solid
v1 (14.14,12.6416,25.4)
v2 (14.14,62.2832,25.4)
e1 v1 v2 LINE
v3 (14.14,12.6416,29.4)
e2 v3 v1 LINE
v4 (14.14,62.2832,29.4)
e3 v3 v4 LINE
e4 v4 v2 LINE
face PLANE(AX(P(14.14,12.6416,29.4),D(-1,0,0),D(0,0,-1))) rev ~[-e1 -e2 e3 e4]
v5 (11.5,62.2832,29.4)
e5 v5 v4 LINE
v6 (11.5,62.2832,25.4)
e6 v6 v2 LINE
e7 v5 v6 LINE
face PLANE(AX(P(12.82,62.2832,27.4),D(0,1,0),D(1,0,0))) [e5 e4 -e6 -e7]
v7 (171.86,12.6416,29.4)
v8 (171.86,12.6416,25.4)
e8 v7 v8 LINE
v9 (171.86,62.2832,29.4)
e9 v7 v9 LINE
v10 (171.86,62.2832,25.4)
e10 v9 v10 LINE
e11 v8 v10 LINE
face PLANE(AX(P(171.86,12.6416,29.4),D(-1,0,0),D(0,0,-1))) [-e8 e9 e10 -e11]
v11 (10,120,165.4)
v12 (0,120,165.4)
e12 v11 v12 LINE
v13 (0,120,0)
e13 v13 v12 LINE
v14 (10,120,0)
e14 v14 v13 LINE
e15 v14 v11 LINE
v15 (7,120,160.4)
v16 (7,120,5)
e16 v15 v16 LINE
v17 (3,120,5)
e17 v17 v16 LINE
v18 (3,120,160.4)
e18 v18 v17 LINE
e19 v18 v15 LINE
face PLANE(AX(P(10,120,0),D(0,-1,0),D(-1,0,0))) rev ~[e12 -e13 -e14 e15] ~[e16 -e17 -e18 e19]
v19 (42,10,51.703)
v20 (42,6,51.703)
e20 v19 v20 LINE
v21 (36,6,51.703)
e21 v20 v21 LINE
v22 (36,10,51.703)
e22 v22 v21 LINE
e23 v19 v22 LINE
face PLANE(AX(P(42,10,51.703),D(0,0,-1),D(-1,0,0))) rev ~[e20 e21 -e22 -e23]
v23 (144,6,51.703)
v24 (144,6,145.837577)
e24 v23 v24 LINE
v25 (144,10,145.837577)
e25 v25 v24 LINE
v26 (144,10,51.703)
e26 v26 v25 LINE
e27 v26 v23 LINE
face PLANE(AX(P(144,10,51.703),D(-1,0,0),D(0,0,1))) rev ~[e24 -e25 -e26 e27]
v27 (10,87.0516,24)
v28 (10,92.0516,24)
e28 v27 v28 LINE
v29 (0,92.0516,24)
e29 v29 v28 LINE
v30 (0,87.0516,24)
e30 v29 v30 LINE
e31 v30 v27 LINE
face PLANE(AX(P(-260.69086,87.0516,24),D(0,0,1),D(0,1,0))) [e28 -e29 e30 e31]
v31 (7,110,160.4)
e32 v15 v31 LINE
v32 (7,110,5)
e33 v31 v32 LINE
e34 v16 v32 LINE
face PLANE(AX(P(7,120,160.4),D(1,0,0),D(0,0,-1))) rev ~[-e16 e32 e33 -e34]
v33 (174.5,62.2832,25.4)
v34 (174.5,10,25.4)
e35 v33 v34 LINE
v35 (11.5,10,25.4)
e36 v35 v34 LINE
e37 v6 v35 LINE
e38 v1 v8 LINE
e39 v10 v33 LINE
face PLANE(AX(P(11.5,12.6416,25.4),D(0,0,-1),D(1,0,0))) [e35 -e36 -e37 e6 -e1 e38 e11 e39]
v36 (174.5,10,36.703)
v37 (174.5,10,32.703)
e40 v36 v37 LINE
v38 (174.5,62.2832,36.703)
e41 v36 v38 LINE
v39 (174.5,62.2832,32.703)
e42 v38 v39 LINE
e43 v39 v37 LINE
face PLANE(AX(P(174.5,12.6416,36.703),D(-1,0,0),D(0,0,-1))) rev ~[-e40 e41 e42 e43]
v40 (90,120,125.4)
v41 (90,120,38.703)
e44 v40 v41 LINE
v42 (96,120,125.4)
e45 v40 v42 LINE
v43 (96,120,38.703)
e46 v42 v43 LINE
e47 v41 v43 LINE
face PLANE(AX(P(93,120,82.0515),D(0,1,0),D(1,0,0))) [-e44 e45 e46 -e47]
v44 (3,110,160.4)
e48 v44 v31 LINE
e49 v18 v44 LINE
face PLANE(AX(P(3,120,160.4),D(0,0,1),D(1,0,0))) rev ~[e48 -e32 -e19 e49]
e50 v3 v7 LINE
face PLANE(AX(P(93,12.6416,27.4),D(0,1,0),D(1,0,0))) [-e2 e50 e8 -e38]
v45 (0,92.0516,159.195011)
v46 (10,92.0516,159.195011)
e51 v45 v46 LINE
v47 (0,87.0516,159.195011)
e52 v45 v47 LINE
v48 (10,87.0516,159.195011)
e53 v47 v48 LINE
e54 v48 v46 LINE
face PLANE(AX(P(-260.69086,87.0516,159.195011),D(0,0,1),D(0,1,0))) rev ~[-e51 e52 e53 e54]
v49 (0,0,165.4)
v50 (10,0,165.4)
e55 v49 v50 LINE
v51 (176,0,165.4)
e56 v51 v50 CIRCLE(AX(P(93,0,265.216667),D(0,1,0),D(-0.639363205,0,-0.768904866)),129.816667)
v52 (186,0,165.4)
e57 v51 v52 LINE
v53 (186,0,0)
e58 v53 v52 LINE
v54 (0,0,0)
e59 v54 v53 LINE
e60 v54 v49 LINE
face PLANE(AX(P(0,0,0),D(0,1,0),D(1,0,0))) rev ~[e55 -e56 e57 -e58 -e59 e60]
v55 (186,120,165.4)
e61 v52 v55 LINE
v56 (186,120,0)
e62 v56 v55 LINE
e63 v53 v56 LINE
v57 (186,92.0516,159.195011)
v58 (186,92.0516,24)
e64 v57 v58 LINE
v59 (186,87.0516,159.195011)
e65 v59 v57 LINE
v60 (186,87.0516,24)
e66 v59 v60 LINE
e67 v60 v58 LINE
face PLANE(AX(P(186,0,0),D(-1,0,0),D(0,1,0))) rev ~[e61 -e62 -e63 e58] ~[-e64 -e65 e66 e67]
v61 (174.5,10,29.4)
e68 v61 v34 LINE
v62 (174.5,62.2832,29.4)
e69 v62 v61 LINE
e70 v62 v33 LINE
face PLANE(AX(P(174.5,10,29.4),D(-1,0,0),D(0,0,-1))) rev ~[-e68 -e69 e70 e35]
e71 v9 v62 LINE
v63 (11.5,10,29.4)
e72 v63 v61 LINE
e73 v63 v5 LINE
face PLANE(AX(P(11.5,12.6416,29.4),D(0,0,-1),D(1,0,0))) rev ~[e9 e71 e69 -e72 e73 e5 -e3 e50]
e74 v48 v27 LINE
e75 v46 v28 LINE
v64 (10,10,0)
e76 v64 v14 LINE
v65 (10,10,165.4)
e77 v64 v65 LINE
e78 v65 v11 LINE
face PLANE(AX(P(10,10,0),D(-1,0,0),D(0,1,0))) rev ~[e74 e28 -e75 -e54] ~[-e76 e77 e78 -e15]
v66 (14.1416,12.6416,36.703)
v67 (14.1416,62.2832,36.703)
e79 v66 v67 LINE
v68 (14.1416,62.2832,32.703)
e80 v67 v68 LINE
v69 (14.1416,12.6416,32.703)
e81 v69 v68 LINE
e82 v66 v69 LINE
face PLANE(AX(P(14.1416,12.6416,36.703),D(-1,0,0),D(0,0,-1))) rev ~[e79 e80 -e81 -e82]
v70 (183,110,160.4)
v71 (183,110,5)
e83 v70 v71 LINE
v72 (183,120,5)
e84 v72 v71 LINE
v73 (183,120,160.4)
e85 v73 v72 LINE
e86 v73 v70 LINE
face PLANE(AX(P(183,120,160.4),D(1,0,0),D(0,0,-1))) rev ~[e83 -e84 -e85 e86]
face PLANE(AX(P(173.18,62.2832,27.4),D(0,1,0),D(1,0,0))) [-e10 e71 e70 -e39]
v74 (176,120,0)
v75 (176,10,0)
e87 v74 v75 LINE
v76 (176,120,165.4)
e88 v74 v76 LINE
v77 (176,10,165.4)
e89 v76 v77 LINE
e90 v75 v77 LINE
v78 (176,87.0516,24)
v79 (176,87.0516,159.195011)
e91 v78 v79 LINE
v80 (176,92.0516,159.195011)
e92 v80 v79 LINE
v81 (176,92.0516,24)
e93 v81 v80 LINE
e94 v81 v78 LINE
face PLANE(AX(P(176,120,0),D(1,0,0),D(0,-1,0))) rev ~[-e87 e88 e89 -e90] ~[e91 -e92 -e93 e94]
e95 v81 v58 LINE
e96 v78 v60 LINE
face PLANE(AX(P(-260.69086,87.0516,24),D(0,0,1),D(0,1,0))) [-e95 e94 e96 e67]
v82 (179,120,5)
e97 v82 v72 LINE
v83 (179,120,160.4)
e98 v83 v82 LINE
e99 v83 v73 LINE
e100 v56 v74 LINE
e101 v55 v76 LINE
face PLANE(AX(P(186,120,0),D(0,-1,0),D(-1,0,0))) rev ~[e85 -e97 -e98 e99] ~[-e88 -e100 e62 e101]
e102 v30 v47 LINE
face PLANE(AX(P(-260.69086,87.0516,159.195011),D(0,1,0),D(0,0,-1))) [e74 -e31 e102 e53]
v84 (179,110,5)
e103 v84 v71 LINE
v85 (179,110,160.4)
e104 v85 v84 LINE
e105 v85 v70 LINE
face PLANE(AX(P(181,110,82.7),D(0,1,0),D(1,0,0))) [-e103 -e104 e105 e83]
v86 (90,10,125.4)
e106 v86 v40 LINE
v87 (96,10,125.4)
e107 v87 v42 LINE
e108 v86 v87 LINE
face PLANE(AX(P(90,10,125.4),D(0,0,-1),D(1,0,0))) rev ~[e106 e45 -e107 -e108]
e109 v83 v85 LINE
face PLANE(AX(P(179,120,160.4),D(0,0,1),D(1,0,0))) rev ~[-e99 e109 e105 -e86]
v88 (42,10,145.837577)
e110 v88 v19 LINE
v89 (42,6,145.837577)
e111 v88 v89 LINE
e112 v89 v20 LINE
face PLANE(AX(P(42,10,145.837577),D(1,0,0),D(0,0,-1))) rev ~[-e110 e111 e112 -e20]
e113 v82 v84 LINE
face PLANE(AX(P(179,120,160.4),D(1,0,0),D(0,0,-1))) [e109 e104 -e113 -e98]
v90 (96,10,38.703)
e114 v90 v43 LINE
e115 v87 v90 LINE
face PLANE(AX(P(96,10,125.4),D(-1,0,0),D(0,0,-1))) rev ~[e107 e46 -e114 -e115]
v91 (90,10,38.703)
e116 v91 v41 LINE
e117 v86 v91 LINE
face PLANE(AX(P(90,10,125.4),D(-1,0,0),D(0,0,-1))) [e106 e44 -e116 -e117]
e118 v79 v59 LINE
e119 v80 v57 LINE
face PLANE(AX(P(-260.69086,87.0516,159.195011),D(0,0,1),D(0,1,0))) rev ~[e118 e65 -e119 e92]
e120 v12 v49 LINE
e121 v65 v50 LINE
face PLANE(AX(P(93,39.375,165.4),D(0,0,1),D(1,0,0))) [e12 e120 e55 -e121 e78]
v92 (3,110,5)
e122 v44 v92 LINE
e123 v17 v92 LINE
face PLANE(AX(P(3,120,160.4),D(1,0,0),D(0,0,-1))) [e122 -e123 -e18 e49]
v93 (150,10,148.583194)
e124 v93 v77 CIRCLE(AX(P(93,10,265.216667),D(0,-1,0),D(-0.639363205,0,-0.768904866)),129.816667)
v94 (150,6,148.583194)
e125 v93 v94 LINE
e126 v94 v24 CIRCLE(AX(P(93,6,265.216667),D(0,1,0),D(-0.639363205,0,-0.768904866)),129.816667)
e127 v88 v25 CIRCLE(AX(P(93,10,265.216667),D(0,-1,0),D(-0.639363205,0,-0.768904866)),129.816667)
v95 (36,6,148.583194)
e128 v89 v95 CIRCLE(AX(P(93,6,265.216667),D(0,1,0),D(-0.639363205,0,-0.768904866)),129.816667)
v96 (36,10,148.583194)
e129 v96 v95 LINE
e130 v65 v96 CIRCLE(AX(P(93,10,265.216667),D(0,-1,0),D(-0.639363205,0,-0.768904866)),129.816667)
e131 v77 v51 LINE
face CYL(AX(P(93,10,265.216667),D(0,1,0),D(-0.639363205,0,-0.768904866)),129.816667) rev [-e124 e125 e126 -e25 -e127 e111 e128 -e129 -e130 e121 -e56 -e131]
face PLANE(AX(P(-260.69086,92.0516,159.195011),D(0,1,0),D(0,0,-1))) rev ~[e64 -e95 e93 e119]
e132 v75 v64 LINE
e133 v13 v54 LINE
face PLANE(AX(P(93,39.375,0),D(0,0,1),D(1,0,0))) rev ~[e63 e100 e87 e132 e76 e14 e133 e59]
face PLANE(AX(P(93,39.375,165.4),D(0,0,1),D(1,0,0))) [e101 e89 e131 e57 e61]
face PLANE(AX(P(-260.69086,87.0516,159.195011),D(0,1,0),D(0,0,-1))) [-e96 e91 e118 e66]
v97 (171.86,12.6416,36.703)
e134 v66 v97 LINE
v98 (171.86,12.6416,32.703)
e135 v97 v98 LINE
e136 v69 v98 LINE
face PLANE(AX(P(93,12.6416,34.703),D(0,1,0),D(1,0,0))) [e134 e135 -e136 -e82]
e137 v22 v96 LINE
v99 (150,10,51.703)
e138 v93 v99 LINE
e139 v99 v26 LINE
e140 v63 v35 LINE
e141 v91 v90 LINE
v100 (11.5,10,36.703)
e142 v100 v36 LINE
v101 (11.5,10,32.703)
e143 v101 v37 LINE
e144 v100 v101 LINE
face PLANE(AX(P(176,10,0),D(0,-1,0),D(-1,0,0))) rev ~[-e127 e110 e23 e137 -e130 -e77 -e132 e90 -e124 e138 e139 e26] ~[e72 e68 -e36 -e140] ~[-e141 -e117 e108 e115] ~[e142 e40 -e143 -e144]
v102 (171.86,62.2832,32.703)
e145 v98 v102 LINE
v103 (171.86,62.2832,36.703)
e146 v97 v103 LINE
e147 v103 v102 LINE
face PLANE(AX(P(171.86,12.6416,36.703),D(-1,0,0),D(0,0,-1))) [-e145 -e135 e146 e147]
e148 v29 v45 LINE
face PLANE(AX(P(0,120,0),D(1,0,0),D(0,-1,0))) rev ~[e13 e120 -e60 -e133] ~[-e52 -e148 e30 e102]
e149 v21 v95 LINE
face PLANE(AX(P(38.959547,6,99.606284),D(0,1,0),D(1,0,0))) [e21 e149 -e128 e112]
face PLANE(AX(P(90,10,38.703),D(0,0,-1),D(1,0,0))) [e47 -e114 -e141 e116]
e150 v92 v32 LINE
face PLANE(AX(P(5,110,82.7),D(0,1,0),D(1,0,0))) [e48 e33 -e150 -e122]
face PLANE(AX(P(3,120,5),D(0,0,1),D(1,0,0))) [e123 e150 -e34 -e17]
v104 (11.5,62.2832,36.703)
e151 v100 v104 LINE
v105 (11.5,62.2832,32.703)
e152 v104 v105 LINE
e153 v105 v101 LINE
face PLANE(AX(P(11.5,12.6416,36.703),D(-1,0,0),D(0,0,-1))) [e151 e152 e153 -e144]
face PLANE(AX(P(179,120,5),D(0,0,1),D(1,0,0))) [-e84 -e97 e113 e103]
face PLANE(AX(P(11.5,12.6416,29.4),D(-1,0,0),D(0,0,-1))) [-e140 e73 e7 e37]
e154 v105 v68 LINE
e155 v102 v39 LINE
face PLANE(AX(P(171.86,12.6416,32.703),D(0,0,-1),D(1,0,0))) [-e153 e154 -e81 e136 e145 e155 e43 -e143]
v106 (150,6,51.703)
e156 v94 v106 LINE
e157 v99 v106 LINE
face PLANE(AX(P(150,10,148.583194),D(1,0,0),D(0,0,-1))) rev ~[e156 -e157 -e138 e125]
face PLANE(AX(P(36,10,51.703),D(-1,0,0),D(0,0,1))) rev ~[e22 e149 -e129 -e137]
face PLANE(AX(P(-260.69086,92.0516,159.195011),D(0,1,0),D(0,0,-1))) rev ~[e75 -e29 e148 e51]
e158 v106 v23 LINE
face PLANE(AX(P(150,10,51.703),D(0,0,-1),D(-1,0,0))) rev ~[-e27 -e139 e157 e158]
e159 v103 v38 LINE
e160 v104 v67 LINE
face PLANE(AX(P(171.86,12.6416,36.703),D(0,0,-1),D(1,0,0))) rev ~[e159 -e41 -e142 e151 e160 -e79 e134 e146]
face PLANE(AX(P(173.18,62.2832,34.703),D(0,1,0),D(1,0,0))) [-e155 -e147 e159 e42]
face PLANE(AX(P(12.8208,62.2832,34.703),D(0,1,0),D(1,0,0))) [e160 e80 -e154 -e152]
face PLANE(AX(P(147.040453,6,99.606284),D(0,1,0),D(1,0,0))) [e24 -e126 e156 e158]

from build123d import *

# Parameters (mm, degrees)
EXTRUDE_THIN2_DEPTH     = 165.4
SKETCH11_W              = 163
SKETCH11_H              = 4
BOSS_EXTRUDE3_DEPTH     = 2.6416
CUT_EXTRUDE6_DEPTH      = 270.69086006
CUT_EXTRUDE6_DEPTH_BACK = 270.69086006
SKETCH13_W              = 135.195011338
SKETCH13_H              = 5
CUT_EXTRUDE7_DEPTH      = 273.127102656
SKETCH19_W              = 4
SKETCH19_H              = 155.4
CUT_EXTRUDE9_DEPTH      = 10
SKETCH20_W              = 4
SKETCH20_H              = 155.4
CUT_EXTRUDE10_DEPTH     = 10
SKETCH21_W              = 6
SKETCH21_H              = 86.697
BOSS_EXTRUDE4_DEPTH     = 110
CUT_EXTRUDE11_DEPTH     = 4
SKETCH23_W              = 163
SKETCH23_H              = 4
BOSS_EXTRUDE5_DEPTH     = 2.6416
SKETCH24_W              = 2.6416
SKETCH24_H              = 4
BOSS_EXTRUDE6_DEPTH     = 49.6416
SKETCH25_W              = 2.64
SKETCH25_H              = 4
BOSS_EXTRUDE7_DEPTH     = 49.6416
SKETCH26_W              = 2.64
SKETCH26_H              = 4
BOSS_EXTRUDE8_DEPTH     = 49.6416


with BuildPart() as part:
    # Sketch2 → Extrude-Thin2 (new body)
    with BuildSketch(Plane.XY):
        Polygon((0, 120), (0, 0), (186, 0), (186, 120), (176, 120), (176, 10), (10, 10), (10, 120), align=None)
    extrude(amount=EXTRUDE_THIN2_DEPTH)

    # Sketch11 → Boss-Extrude3 (add)
    with BuildSketch(Plane(origin=(0, 10, 0), x_dir=(1, 0, 0), z_dir=(0, 1, 0))):
        with Locations((93, -34.703)):
            Rectangle(SKETCH11_W, SKETCH11_H)
    extrude(amount=BOSS_EXTRUDE3_DEPTH)

    # Sketch13 → Cut-Extrude6 (cut, two sides: drawn at the far end of the back side and taken through both)
    with BuildSketch(Plane(origin=(10, 0, 0), x_dir=(0, 0, -1), z_dir=(1, 0, 0)).offset(-CUT_EXTRUDE6_DEPTH_BACK)):
        with Locations((-91.597505669, 89.551599899)):
            Rectangle(SKETCH13_W, SKETCH13_H)
    extrude(amount=CUT_EXTRUDE6_DEPTH + CUT_EXTRUDE6_DEPTH_BACK, mode=Mode.SUBTRACT)

    # Sketch14 → Cut-Extrude7 (cut, through all)
    with BuildSketch(Plane(origin=(0, 10, 0), x_dir=(1, 0, 0), z_dir=(0, 1, 0))):
        with BuildLine():
            Line((176, -165.4), (10, -165.4))
            ThreePointArc((10, -165.4), (93, -135.4), (176, -165.4))
        make_face()
    extrude(amount=-CUT_EXTRUDE7_DEPTH, mode=Mode.SUBTRACT)

    # Sketch19 → Cut-Extrude9 (cut)
    with BuildSketch(Plane(origin=(0, 120, 0), x_dir=(1, 0, 0), z_dir=(0, 1, 0))):
        with Locations((5, -82.7)):
            Rectangle(SKETCH19_W, SKETCH19_H)
    extrude(amount=-CUT_EXTRUDE9_DEPTH, mode=Mode.SUBTRACT)

    # Sketch20 → Cut-Extrude10 (cut)
    with BuildSketch(Plane(origin=(0, 120, 0), x_dir=(1, 0, 0), z_dir=(0, 1, 0))):
        with Locations((181, -82.7)):
            Rectangle(SKETCH20_W, SKETCH20_H)
    extrude(amount=-CUT_EXTRUDE10_DEPTH, mode=Mode.SUBTRACT)

    # Sketch21 → Boss-Extrude4 (add, through all)
    with BuildSketch(Plane(origin=(0, 10, 0), x_dir=(1, 0, 0), z_dir=(0, 1, 0))):
        with Locations((93, -82.0515)):
            Rectangle(SKETCH21_W, SKETCH21_H)
    extrude(amount=BOSS_EXTRUDE4_DEPTH)

    # Sketch22 → Cut-Extrude11 (cut)
    with BuildSketch(Plane(origin=(0, 10, 0), x_dir=(1, 0, 0), z_dir=(0, 1, 0))):
        Polygon((36, -51.703), (36, -148.583194008), (42, -145.837577441), (42, -51.703), align=None)
        Polygon((144, -145.837577441), (150, -148.583194008), (150, -51.703), (144, -51.703), align=None)
    extrude(amount=-CUT_EXTRUDE11_DEPTH, mode=Mode.SUBTRACT)

    # Sketch23 → Boss-Extrude5 (add)
    with BuildSketch(Plane(origin=(0, 10, 0), x_dir=(1, 0, 0), z_dir=(0, 1, 0))):
        with Locations((93, -27.4)):
            Rectangle(SKETCH23_W, SKETCH23_H)
    extrude(amount=BOSS_EXTRUDE5_DEPTH)

    # Sketch24 → Boss-Extrude6 (add)
    with BuildSketch(Plane(origin=(0, 12.6416, 0), x_dir=(1, 0, 0), z_dir=(0, 1, 0))):
        with Locations((12.8208, -34.703)):
            Rectangle(SKETCH24_W, SKETCH24_H)
    extrude(amount=BOSS_EXTRUDE6_DEPTH)

    # Sketch25 → Boss-Extrude7 (add)
    with BuildSketch(Plane(origin=(0, 12.6416, 0), x_dir=(1, 0, 0), z_dir=(0, 1, 0))):
        with Locations((12.82, -27.4)):
            Rectangle(SKETCH25_W, SKETCH25_H)
    extrude(amount=BOSS_EXTRUDE7_DEPTH)

    # Sketch26 → Boss-Extrude8 (add)
    with BuildSketch(Plane(origin=(0, 12.6416, 0), x_dir=(1, 0, 0), z_dir=(0, 1, 0))):
        with Locations((173.18, -34.703)):
            Rectangle(SKETCH26_W, SKETCH26_H)
        with Locations((173.18, -27.4)):
            Rectangle(SKETCH26_W, SKETCH26_H)
    extrude(amount=BOSS_EXTRUDE8_DEPTH)


solid = part.part
